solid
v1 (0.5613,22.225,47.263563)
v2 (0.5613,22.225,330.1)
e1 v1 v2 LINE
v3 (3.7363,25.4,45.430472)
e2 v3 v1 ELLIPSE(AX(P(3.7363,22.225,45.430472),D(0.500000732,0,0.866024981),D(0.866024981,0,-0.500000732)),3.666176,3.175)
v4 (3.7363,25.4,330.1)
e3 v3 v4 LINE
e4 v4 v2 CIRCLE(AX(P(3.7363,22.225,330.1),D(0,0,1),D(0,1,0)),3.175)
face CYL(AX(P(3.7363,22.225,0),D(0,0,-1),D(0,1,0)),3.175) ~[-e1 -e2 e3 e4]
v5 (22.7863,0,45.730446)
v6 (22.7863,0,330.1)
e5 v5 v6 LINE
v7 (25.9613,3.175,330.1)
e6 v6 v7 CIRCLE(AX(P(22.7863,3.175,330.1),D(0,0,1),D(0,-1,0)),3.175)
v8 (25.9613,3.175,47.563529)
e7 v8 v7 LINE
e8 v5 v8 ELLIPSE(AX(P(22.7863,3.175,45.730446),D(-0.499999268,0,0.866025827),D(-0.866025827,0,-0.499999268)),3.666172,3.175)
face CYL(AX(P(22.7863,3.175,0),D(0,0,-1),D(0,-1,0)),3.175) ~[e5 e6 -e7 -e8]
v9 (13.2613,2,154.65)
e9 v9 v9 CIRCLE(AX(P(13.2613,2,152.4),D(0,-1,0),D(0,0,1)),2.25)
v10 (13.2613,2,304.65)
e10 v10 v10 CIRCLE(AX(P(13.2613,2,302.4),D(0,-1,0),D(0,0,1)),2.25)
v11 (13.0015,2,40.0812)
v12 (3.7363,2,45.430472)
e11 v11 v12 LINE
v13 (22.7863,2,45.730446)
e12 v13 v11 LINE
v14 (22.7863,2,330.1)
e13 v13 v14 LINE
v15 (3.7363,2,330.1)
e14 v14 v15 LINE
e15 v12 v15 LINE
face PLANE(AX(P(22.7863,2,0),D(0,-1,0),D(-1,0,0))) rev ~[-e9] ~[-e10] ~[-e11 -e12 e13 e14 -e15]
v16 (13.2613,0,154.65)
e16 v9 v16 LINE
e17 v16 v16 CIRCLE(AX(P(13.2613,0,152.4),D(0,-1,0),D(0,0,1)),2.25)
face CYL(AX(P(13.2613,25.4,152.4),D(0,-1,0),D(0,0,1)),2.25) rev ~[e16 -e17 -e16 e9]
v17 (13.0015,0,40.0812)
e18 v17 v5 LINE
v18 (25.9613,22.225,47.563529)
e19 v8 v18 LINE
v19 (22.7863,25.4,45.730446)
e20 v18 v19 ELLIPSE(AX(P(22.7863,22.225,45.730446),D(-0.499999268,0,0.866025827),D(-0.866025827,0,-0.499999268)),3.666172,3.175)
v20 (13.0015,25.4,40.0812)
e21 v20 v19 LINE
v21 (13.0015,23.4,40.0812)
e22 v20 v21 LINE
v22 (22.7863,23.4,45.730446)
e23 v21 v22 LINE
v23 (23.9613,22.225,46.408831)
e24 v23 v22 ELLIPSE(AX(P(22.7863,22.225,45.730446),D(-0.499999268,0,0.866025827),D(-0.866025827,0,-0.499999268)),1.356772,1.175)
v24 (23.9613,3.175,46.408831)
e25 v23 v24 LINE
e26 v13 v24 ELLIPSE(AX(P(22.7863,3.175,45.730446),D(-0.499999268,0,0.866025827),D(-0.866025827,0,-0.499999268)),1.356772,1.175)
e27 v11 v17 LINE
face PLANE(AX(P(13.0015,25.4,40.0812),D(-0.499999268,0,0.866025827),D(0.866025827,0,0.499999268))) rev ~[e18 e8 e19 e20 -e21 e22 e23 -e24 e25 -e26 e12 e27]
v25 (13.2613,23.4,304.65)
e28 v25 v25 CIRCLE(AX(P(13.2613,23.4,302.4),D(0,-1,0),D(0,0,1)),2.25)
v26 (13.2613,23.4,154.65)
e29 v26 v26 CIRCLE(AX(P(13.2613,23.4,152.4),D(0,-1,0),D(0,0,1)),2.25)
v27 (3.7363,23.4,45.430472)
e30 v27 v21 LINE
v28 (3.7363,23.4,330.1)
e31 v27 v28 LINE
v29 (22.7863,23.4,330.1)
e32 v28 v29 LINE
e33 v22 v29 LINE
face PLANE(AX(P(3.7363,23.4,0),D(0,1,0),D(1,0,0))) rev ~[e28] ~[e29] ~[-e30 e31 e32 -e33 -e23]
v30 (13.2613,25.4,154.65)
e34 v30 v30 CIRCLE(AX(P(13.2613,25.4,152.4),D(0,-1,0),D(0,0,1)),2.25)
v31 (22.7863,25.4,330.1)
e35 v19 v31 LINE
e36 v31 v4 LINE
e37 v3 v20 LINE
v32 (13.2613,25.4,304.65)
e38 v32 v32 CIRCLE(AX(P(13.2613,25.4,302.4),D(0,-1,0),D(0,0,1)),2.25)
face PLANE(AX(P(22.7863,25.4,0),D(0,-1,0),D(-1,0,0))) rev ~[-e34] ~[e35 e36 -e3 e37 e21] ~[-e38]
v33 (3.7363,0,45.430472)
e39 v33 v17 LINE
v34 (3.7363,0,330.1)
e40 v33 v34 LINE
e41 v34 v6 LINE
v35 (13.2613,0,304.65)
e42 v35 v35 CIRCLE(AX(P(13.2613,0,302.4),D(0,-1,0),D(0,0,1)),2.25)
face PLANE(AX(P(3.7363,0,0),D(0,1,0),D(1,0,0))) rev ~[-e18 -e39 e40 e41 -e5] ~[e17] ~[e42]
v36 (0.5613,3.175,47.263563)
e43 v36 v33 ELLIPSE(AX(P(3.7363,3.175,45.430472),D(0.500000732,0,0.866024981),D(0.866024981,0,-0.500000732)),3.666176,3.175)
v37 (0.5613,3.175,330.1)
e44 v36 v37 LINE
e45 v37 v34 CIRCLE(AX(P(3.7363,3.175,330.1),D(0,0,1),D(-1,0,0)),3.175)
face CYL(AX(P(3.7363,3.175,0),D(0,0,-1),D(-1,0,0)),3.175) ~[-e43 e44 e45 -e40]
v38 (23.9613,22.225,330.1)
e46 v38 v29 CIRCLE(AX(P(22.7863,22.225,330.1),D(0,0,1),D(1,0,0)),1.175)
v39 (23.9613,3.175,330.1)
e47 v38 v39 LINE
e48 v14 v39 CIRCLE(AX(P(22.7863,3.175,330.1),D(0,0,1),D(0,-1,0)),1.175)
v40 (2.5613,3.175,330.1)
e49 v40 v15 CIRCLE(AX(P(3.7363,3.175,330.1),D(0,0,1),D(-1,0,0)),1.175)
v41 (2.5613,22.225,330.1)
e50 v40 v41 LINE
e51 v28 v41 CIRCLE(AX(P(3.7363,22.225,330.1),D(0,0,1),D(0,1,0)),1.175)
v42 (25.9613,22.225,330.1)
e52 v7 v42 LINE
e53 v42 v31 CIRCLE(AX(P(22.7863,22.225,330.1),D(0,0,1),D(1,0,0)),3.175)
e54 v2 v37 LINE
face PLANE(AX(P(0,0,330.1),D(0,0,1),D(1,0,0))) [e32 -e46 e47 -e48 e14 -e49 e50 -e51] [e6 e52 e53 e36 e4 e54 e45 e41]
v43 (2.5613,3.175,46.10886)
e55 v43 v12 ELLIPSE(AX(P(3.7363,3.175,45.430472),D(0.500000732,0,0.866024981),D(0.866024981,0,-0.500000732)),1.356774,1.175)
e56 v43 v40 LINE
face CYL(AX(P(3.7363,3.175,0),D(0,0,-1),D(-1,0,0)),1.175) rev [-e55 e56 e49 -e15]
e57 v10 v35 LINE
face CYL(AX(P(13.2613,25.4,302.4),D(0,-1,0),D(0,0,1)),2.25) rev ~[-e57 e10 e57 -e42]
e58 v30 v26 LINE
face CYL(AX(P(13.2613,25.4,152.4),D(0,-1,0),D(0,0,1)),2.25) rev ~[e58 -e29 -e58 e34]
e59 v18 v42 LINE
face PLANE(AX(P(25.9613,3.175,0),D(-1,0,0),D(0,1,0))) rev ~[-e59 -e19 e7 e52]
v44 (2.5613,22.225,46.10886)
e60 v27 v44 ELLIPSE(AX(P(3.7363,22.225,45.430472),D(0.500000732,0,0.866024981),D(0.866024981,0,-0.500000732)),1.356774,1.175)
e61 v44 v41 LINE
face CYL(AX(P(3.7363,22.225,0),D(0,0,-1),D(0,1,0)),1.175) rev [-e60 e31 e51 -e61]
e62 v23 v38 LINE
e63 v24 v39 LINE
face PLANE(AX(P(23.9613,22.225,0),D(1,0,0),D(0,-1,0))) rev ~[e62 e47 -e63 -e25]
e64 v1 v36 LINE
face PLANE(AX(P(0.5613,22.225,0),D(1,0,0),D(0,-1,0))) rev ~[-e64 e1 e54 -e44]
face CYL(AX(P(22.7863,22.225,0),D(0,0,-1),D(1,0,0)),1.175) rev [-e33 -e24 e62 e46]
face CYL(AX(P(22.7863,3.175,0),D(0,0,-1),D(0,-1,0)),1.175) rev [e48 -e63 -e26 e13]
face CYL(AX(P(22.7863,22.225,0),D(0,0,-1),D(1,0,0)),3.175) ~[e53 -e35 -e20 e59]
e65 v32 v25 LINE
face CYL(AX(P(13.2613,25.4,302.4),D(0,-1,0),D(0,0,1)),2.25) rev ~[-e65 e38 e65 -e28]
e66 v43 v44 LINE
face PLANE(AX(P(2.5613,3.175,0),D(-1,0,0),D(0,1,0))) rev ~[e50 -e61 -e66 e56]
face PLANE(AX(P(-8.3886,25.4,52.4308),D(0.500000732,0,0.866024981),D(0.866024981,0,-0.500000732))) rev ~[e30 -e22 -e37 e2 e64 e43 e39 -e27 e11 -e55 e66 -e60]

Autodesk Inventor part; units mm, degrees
ref_plane "YZ Plane" through (0, 0, 0) normal (1, 0, 0) x (0, 1, 0)
ref_plane "XZ Plane" through (0, 0, 0) normal (0, 1, 0) x (-1, 0, 0)
ref_plane "XY Plane" through (0, 0, 0) normal (0, 0, 1) x (1, 0, 0)
sketch "Sketch1" plane through (0, 0, 0) normal (0, 0, 1) x (1, 0, 0)
  line L0 (3.7363, 0) -> (22.7863, 0)
  line L1 (25.9613, 3.175) -> (25.9613, 22.225)
  line L2 (22.7863, 25.4) -> (3.7363, 25.4)
  line L3 (0.5613, 22.225) -> (0.5613, 3.175)
  arc A0 (3.7363, 25.4) -> (0.5613, 22.225) centre (3.7363, 22.225) ccw
  arc A1 (0.5613, 3.175) -> (3.7363, 0) centre (3.7363, 3.175) ccw
  arc A2 (22.7863, 0) -> (25.9613, 3.175) centre (22.7863, 3.175) ccw
  arc A3 (25.9613, 22.225) -> (22.7863, 25.4) centre (22.7863, 22.225) ccw
  line L4 (3.7363, 23.4) -> (22.7863, 23.4)
  arc A4 (23.9613, 22.225) -> (22.7863, 23.4) centre (22.7863, 22.225) ccw
  line L5 (23.9613, 22.225) -> (23.9613, 3.175)
  arc A5 (22.7863, 2) -> (23.9613, 3.175) centre (22.7863, 3.175) ccw
  line L6 (22.7863, 2) -> (3.7363, 2)
  arc A6 (2.5613, 3.175) -> (3.7363, 2) centre (3.7363, 3.175) ccw
  line L7 (2.5613, 3.175) -> (2.5613, 22.225)
  arc A7 (3.7363, 23.4) -> (2.5613, 22.225) centre (3.7363, 22.225) ccw
  point P0 (0, 0)
  point P1 (0.5613, 0)
  point P2 (25.9613, 0)
  point P3 (0.5613, 25.4)
  dimension "d0" = 25.4
  dimension "d2" = 25.4
  dimension "d3" = 3.175
  dimension "d4" = 2
extrude "tube" add sketch "Sketch1" along normal blind 330.1
sketch "Sketch7" plane through (3.7363, 25.4, 0) normal (0, 1, 0) x (1, 0, 0)
  line L0 (19.05, 0) -> (0, 0) projected
  circle A0 centre (9.525, -25.4) radius 3.5758
  point P0 (-3.7363, 0)
  dimension "d45" = 25.4
hole "centerHole_cutOff" at (13.2613, 25.4, 25.4) direction (0, -1, 0) diameter 6.35 end through all
sketch "Sketch8" plane through (3.7363, 25.4, 0) normal (0, 1, 0) x (1, 0, 0)
  circle A0 centre (9.525, -25.4) radius 3.175 projected
  line L0 (0, 0) -> (0, -330.1) projected
  circle A1 centre (9.525, -152.4) radius 1.4483
  circle A2 centre (9.525, -302.4) radius 1.4483
  point P0 (-3.7363, 0)
  dimension "d55" = 150
  dimension "d60" = 127
hole "armHoles" at (13.2613, 25.4, 152.4) at (13.2613, 25.4, 302.4) direction (0, -1, 0) diameter 4.5 end through all clearance for "Flat Head Machine Screw" size "M4" standard "Ansi Metric M Profile"
sketch "Sketch9" plane through (3.7363, 25.4, 0) normal (0, 1, 0) x (1, 0, 0)
  circle A0 centre (9.525, -25.4) radius 3.175 construction
  line L0 (9.525, -25.4) -> (9.525, -40.0812) construction
  line L1 (-12.1249, -52.4308) -> (9.525, -39.9312)
  line L2 (-8.8213, -52.7845) -> (41.9787, -52.7845) construction
  line L3 (9.525, -40.0812) -> (40.882, -40.0812) construction
  line L4 (9.2652, -40.0812) -> (31.8692, -53.1316)
  line L5 (-12.1249, -52.4308) -> (-12.1249, 11.2848)
  line L6 (31.8692, -53.1316) -> (31.8692, 11.2848)
  line L7 (-12.1249, 11.2848) -> (31.8692, 11.2848)
  point P0 (-3.7363, 0)
  dimension "d68" = 14.6812
  dimension "d70" = 30
extrude "Extrusion4" cut sketch "Sketch9" against normal blind 50.8
properties part number "2f2ax2" material "Steel"
